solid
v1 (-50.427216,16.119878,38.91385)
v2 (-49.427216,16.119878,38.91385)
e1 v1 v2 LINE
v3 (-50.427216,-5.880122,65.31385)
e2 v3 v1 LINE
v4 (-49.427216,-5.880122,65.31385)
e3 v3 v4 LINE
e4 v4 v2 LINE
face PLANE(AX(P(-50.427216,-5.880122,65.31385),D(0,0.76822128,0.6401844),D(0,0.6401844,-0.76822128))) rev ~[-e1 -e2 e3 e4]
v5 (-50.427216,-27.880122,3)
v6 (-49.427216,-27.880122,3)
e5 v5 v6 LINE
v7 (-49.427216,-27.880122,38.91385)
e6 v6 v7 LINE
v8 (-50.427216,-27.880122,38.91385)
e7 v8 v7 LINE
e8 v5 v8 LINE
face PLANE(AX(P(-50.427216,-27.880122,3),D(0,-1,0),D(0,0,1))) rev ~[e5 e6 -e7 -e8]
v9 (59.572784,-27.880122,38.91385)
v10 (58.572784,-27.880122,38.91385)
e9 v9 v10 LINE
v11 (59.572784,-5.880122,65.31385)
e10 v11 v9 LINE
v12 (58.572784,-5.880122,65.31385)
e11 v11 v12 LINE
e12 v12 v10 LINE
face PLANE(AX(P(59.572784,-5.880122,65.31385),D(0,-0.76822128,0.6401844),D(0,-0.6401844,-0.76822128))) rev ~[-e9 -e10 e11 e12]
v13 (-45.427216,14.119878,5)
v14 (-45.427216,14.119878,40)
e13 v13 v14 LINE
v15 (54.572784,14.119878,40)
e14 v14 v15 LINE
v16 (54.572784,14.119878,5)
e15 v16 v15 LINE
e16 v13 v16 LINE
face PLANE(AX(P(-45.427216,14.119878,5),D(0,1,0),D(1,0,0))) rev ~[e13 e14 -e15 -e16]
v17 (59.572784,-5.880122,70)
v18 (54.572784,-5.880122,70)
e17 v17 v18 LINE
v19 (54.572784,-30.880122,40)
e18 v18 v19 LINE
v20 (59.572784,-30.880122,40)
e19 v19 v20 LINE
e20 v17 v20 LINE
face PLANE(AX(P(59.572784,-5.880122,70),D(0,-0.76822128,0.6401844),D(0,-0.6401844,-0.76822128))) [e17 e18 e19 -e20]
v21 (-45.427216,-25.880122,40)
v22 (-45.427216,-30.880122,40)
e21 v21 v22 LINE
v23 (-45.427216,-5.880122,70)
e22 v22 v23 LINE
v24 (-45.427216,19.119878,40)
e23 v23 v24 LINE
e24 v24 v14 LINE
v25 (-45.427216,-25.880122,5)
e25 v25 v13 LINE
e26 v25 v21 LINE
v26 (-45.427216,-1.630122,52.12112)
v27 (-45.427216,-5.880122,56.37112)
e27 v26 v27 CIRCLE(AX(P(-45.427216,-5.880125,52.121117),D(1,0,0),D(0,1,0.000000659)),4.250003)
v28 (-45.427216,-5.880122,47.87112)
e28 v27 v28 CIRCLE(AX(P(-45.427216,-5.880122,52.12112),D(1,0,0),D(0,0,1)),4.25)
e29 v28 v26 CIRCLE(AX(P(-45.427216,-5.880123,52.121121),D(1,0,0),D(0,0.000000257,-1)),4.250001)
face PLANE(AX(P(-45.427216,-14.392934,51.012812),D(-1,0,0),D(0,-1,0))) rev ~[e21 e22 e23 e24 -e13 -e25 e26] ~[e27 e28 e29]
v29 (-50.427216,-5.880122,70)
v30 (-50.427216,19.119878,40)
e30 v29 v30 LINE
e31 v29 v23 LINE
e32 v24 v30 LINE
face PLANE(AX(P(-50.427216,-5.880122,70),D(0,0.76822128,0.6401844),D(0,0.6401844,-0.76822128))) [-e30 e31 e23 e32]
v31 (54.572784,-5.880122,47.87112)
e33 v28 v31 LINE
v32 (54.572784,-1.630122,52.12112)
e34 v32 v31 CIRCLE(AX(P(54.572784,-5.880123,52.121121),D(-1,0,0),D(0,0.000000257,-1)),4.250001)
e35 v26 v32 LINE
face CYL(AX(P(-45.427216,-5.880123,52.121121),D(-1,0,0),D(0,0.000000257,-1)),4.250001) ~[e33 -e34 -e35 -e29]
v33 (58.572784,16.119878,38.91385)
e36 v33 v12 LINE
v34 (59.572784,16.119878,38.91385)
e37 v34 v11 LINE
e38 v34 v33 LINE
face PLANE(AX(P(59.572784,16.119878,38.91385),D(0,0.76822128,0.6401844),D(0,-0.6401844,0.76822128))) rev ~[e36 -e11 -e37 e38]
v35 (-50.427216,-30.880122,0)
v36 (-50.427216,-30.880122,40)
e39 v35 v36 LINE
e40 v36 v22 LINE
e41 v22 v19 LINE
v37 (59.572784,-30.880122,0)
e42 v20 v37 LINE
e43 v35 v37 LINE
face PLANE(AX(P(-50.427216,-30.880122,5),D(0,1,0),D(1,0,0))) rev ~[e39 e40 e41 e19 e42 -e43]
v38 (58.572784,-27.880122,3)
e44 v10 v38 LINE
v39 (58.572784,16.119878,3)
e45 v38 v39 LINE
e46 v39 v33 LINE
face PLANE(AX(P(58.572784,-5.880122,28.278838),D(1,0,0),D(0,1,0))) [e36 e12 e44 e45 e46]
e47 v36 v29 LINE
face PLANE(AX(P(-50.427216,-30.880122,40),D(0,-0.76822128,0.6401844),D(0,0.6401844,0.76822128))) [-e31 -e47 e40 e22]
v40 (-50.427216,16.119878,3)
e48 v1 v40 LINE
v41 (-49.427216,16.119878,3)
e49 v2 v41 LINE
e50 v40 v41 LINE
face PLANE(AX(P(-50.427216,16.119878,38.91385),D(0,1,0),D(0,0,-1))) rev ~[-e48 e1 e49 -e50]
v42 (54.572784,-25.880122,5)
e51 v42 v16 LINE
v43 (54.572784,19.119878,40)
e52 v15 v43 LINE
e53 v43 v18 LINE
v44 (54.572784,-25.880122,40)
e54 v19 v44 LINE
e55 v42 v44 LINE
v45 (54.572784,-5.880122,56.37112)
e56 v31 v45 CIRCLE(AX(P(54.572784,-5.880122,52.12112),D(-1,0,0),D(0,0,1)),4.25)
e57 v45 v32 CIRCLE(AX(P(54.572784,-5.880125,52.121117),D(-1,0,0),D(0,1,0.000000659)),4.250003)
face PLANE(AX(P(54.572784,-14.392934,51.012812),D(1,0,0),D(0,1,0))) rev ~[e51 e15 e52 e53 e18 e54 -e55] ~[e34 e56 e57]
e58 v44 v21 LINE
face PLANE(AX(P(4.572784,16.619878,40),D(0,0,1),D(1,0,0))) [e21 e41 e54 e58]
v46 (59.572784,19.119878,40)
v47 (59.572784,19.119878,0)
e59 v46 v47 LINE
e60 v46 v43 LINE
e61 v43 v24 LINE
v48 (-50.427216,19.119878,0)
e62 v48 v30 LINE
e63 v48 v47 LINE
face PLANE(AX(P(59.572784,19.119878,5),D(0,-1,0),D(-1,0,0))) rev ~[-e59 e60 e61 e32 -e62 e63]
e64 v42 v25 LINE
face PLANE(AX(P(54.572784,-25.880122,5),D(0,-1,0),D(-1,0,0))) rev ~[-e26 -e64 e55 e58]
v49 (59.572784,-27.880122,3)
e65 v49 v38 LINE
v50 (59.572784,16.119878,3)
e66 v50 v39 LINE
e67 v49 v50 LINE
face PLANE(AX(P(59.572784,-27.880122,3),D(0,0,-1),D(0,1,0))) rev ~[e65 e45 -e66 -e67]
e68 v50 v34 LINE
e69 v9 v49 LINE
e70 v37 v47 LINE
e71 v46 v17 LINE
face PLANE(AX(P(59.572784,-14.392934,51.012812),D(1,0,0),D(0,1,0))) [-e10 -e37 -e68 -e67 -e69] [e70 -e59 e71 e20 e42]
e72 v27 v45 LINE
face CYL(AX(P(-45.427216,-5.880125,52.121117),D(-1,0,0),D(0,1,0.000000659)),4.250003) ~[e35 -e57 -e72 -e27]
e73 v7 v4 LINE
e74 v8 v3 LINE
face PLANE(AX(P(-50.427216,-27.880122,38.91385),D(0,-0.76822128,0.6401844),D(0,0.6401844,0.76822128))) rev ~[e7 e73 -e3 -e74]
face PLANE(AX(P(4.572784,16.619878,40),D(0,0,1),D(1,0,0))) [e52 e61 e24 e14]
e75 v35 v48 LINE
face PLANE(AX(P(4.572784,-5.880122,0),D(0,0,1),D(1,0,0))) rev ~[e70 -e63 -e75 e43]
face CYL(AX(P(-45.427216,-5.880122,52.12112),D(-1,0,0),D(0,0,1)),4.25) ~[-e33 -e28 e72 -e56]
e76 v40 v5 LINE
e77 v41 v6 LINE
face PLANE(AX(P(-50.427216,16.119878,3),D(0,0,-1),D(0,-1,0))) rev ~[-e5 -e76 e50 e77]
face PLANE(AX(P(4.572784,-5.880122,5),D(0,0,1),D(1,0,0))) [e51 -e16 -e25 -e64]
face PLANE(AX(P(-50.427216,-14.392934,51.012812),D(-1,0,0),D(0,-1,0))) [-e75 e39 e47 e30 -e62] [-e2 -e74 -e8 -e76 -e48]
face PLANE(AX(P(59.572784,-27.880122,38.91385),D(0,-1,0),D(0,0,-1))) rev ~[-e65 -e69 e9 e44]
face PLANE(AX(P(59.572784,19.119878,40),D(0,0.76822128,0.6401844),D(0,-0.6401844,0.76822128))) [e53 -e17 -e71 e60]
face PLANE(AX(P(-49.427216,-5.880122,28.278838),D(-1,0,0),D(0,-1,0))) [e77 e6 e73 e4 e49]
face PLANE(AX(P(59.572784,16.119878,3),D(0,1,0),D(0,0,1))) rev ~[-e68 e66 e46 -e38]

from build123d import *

# Parameters (mm, degrees)
F0_W      = 110
F0_H      = 50
F1_DEPTH  = 5
F2_W      = 5
F2_H      = 40
F3_DEPTH  = 35
F5_DEPTH  = 5
F7_DEPTH  = 5
F9_DEPTH  = 101
F11_DEPTH = 1
F13_DEPTH = 1


with BuildPart() as f1:
    # F0 (on Top) → F1 (new body)
    with BuildSketch(Plane.XY):
        with Locations((4.572784, -5.880122)):
            Rectangle(F0_W, F0_H)
    extrude(amount=F1_DEPTH)

    # F2 (on face) → F3 (join)
    with BuildSketch(Plane.XY.offset(5)):
        Polygon((59.572784, 19.119878), (-50.427216, 19.119878), (-50.427216, 14.119878), (-45.427216, 14.119878), (54.572784, 14.119878), (59.572784, 14.119878), align=None)
        with Locations((-47.927216, -5.880122)):
            Rectangle(F2_W, F2_H)
        with Locations((57.072784, -5.880122)):
            Rectangle(F2_W, F2_H)
        Polygon((-45.427216, -25.880122), (-50.427216, -25.880122), (-50.427216, -30.880122), (59.572784, -30.880122), (59.572784, -25.880122), (54.572784, -25.880122), align=None)
    extrude(amount=F3_DEPTH)

    # F4 (on face) → F5 (join)
    with BuildSketch(Plane(origin=(-50.427216, 0, 0), x_dir=(0, -1, 0), z_dir=(-1, 0, 0))):
        Polygon((30.880122, 40), (5.880122, 70), (5.880122, 40), align=None)
        Polygon((5.880122, 70), (-19.119878, 40), (5.880122, 40), align=None)
    extrude(amount=-F5_DEPTH)

    # F6 (on face) → F7 (join)
    with BuildSketch(Plane.YZ.offset(59.572784)):
        Polygon((-30.880122, 40), (-5.880122, 40), (-5.880122, 70), align=None)
        Polygon((-5.880122, 70), (-5.880122, 40), (19.119878, 40), align=None)
    extrude(amount=-F7_DEPTH)

    # F8 (on face) → F9 (join)
    with BuildSketch(Plane.YZ.offset(-45.427216)):
        with BuildLine():
            ThreePointArc((-1.630122, 52.12112), (-2.874919, 55.126323), (-5.880122, 56.37112))
            Line((-5.880122, 56.37112), (-5.880122, 47.87112))
            ThreePointArc((-5.880122, 47.87112), (-2.874919, 49.115916), (-1.630122, 52.12112))
        make_face()
        with BuildLine():
            Line((-5.880122, 47.87112), (-5.880122, 56.37112))
            ThreePointArc((-5.880122, 56.37112), (-10.130122, 52.12112), (-5.880122, 47.87112))
        make_face()
    extrude(amount=F9_DEPTH)

    # F10 (on face) → F11 (cut)
    with BuildSketch(Plane.YZ.offset(59.572784)):
        Polygon((-27.880122, 38.91385), (-27.880122, 3), (16.119878, 3), (16.119878, 38.91385), (-5.880122, 65.31385), align=None)
    extrude(amount=-F11_DEPTH, mode=Mode.SUBTRACT)

    # F12 (on face) → F13 (cut)
    with BuildSketch(Plane(origin=(-50.427216, 0, 0), x_dir=(0, -1, 0), z_dir=(-1, 0, 0))):
        Polygon((-16.119878, 38.91385), (-16.119878, 3), (27.880122, 3), (27.880122, 38.91385), (5.880122, 65.31385), align=None)
    extrude(amount=-F13_DEPTH, mode=Mode.SUBTRACT)


solid = f1.part
